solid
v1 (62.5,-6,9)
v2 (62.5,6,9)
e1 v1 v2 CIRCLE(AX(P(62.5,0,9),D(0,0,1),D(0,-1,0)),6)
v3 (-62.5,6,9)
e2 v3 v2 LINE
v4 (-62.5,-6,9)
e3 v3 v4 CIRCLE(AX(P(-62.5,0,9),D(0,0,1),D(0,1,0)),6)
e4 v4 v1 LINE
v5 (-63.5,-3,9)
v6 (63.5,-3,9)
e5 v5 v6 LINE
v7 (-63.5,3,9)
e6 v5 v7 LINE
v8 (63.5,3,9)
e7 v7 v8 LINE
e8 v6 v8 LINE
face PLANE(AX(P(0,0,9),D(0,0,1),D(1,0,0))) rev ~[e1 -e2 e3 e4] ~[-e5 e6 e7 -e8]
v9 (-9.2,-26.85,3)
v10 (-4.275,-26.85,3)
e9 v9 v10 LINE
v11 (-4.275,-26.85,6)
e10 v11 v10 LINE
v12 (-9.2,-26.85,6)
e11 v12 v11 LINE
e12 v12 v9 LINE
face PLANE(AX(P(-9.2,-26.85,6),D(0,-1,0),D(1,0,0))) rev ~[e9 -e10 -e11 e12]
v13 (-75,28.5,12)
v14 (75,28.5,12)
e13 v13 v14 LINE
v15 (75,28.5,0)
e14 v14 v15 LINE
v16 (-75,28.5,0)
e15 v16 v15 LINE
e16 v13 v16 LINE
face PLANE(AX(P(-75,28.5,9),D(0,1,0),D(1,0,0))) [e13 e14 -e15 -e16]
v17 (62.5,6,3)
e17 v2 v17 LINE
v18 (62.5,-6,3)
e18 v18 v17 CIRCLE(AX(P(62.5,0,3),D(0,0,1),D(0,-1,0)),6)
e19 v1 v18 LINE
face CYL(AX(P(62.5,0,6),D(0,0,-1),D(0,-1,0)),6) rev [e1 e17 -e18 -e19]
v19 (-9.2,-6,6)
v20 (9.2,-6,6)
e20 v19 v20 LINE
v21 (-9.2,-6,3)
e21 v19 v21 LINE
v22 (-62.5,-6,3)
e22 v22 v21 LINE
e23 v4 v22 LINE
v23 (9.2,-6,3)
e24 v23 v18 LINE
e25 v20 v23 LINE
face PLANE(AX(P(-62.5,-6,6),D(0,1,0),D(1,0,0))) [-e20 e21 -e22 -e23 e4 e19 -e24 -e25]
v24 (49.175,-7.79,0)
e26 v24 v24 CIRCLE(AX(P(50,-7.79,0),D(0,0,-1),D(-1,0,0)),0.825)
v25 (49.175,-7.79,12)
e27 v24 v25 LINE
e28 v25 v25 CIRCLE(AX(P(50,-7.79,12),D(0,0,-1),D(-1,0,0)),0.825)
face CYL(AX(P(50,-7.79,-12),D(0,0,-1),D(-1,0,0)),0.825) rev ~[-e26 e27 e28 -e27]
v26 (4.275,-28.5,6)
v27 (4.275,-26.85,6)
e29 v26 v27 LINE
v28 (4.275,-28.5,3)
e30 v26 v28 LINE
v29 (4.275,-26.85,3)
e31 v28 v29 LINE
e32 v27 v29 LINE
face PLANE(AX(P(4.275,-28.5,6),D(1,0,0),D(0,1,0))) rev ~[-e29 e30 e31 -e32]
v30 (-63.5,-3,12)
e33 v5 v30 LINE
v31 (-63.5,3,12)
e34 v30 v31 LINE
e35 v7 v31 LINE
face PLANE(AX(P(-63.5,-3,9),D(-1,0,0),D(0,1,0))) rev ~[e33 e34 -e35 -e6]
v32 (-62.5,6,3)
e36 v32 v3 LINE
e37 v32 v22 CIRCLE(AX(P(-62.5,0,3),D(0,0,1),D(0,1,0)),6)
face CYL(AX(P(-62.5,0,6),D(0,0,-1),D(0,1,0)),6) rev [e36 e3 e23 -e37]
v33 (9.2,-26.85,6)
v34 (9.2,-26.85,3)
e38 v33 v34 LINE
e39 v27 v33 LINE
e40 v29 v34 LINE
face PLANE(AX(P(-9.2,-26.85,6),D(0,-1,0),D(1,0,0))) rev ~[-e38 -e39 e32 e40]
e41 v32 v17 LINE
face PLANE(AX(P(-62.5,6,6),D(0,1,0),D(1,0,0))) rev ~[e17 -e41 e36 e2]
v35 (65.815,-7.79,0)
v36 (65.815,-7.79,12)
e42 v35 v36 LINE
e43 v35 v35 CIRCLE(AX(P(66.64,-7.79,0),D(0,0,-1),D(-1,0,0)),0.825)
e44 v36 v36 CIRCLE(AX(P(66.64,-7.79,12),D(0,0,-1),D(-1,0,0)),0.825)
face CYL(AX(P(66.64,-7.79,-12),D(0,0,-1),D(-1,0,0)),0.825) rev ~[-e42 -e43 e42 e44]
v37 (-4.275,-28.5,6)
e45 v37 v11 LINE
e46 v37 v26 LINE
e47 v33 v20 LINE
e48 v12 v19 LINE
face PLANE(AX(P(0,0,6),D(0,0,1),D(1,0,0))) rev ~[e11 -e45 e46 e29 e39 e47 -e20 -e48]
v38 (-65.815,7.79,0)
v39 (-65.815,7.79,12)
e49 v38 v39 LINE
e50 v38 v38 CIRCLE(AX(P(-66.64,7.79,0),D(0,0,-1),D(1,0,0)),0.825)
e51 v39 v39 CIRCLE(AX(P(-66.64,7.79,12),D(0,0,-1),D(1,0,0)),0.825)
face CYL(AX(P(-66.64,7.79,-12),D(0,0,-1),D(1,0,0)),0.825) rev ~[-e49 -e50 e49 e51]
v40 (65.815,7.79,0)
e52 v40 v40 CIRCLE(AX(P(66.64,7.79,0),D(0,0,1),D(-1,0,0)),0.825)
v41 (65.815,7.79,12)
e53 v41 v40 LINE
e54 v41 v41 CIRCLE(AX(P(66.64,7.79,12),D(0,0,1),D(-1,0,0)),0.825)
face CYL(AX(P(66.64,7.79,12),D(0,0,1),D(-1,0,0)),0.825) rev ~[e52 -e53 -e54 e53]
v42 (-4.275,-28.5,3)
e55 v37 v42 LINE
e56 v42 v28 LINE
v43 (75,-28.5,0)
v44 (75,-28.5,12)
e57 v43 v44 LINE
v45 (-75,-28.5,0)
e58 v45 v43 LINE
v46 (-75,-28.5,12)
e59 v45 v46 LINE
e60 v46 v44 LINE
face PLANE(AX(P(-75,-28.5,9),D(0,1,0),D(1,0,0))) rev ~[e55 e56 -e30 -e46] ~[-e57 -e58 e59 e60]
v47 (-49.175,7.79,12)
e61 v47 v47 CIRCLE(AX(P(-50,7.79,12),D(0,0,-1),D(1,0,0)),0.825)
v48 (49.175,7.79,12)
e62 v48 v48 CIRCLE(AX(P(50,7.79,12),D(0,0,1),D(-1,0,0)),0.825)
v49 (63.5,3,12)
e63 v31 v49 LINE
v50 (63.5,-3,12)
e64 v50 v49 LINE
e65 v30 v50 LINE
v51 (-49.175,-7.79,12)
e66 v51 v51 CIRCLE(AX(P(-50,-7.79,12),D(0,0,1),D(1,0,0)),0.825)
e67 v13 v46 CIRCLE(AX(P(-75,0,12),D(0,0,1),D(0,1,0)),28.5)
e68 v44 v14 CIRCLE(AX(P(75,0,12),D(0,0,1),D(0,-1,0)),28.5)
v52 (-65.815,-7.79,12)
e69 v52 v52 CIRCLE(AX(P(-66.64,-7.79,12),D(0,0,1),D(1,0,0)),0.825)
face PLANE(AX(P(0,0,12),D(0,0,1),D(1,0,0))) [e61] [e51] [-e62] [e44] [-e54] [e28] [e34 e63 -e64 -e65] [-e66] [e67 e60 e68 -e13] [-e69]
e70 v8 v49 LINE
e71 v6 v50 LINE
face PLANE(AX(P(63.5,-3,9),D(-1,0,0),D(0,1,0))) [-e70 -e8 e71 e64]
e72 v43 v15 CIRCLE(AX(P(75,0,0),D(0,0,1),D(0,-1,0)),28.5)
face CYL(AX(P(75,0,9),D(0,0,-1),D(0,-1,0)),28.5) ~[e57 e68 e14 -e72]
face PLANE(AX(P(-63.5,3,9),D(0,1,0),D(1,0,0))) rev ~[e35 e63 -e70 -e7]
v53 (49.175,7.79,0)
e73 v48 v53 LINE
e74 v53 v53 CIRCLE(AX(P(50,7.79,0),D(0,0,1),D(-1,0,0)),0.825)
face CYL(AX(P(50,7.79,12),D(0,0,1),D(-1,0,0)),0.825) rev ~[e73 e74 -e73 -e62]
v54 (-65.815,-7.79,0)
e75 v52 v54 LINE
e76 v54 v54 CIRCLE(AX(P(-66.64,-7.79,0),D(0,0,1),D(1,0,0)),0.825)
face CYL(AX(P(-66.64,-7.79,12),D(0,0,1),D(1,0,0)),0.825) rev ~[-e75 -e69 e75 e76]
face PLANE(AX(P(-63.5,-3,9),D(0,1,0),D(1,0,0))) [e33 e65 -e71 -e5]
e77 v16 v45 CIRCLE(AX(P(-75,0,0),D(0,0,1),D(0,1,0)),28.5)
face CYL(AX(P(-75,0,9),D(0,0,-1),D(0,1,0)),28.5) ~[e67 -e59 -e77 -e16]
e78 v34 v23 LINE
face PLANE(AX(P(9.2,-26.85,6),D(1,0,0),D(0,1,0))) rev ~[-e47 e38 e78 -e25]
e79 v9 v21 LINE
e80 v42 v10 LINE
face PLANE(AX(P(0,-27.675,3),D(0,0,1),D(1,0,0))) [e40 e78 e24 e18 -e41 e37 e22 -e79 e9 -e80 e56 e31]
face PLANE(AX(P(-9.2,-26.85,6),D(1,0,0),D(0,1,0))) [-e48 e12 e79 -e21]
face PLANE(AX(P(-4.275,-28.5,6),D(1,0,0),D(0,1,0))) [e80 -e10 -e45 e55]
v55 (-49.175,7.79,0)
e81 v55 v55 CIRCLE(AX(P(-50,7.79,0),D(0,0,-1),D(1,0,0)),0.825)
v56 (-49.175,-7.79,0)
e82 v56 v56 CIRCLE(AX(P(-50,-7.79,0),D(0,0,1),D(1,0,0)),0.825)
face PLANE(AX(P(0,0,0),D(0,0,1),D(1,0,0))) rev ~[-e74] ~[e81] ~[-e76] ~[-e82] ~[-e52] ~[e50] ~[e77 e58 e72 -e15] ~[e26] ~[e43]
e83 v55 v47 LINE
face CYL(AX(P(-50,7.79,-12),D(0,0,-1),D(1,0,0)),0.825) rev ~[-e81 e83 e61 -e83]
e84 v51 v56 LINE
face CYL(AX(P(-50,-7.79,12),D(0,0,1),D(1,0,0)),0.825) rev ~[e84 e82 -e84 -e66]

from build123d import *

# Parameters (mm, degrees)
PAD_DEPTH             = 6
POCKET_DEPTH          = 3
SKETCH002_W           = 18.4
SKETCH002_H           = 20.85
POCKET001_DEPTH       = 3
SKETCH003_W           = 8.55
SKETCH003_H           = 1.65
POCKET002_DEPTH       = 3
PAD001_DEPTH          = 3
SKETCH005_W           = 127
SKETCH005_H           = 6
PAD002_DEPTH          = 3
SKETCH006_R           = 0.825
POCKET003_DEPTH       = 442.080062
POLARPATTERN_COUNT    = 2
POLARPATTERN001_COUNT = 2
POLARPATTERN002_COUNT = 2


with BuildPart() as part:
    # Sketch → Pad (new body)
    with BuildSketch(Plane.XY):
        with BuildLine():
            ThreePointArc((-75, 28.5), (-103.5, 0), (-75, -28.5))
            Line((-75, -28.5), (75, -28.5))
            ThreePointArc((75, -28.5), (103.5, 0), (75, 28.5))
            Line((-75, 28.5), (75, 28.5))
        make_face()
    extrude(amount=PAD_DEPTH)

    # Sketch001 (on Face6 of Pad) → Pocket (cut)
    with BuildSketch(Plane.XY.offset(6)):
        with BuildLine():
            ThreePointArc((-62.5, 6), (-68.5, 0), (-62.5, -6))
            Line((-62.5, -6), (62.5, -6))
            ThreePointArc((62.5, -6), (68.5, 0), (62.5, 6))
            Line((-62.5, 6), (62.5, 6))
        make_face()
    extrude(amount=-POCKET_DEPTH, mode=Mode.SUBTRACT)

    # Sketch002 (on Face5 of Pocket) → Pocket001 (cut)
    with BuildSketch(Plane.XY.offset(6)):
        with Locations((0, -16.425)):
            Rectangle(SKETCH002_W, SKETCH002_H)
    extrude(amount=-POCKET001_DEPTH, mode=Mode.SUBTRACT)

    # Sketch003 (on Face5 of Pocket001) → Pocket002 (cut)
    with BuildSketch(Plane.XY.offset(6)):
        with Locations((0, -27.675)):
            Rectangle(SKETCH003_W, SKETCH003_H)
    extrude(amount=-POCKET002_DEPTH, mode=Mode.SUBTRACT)

    # Sketch004 (on Face5 of Pocket002) → Pad001 (join)
    with BuildSketch(Plane.XY.offset(6)):
        with BuildLine():
            ThreePointArc((-75, 28.5), (-103.5, 0), (-75, -28.5))
            Line((-75, -28.5), (75, -28.5))
            ThreePointArc((75, -28.5), (103.5, 0), (75, 28.5))
            Line((-75, 28.5), (75, 28.5))
        make_face()
        with BuildLine():
            ThreePointArc((-62.5, 6), (-68.5, 0), (-62.5, -6))
            Line((-62.5, -6), (62.5, -6))
            ThreePointArc((62.5, -6), (68.5, 0), (62.5, 6))
            Line((-62.5, 6), (62.5, 6))
        make_face(mode=Mode.SUBTRACT)
    extrude(amount=PAD001_DEPTH)

    # Sketch005 (on Face12 of Pad001) → Pad002 (join)
    with BuildSketch(Plane.XY.offset(9)):
        with BuildLine():
            ThreePointArc((-75, 28.5), (-103.5, 0), (-75, -28.5))
            Line((-75, -28.5), (75, -28.5))
            ThreePointArc((75, -28.5), (103.5, 0), (75, 28.5))
            Line((-75, 28.5), (75, 28.5))
        make_face()
        Rectangle(SKETCH005_W, SKETCH005_H, mode=Mode.SUBTRACT)
    extrude(amount=PAD002_DEPTH)

    # Sketch006 (on Face20 of Pad002) → Pocket003 (cut, through all)
    with BuildSketch(Plane.XY.offset(12)):
        with Locations((-66.64, -7.79)):
            Circle(SKETCH006_R)
        with Locations((-50, -7.79)):
            Circle(SKETCH006_R)
    pocket003 = extrude(amount=-POCKET003_DEPTH, mode=Mode.SUBTRACT)

    # PolarPattern: Pocket003 ×2 about axis
    polarpattern_axis = Axis((0, 0, 12), (0, 0, 1))
    for i in range(1, POLARPATTERN_COUNT):
        add(pocket003.rotate(polarpattern_axis, i * 360 / POLARPATTERN_COUNT), mode=Mode.SUBTRACT)

    # PolarPattern001: Pocket003 ×2 about axis
    polarpattern001_axis = Axis((0, 0, 0), (0, 1, 0))
    for i in range(1, POLARPATTERN001_COUNT):
        add(pocket003.rotate(polarpattern001_axis, i * 360 / POLARPATTERN001_COUNT), mode=Mode.SUBTRACT)

    # PolarPattern002: Pocket003 ×2 about axis
    polarpattern002_axis = Axis((0, 0, 0), (-1, 0, 0))
    for i in range(1, POLARPATTERN002_COUNT):
        add(pocket003.rotate(polarpattern002_axis, i * 360 / POLARPATTERN002_COUNT), mode=Mode.SUBTRACT)


solid = part.part
